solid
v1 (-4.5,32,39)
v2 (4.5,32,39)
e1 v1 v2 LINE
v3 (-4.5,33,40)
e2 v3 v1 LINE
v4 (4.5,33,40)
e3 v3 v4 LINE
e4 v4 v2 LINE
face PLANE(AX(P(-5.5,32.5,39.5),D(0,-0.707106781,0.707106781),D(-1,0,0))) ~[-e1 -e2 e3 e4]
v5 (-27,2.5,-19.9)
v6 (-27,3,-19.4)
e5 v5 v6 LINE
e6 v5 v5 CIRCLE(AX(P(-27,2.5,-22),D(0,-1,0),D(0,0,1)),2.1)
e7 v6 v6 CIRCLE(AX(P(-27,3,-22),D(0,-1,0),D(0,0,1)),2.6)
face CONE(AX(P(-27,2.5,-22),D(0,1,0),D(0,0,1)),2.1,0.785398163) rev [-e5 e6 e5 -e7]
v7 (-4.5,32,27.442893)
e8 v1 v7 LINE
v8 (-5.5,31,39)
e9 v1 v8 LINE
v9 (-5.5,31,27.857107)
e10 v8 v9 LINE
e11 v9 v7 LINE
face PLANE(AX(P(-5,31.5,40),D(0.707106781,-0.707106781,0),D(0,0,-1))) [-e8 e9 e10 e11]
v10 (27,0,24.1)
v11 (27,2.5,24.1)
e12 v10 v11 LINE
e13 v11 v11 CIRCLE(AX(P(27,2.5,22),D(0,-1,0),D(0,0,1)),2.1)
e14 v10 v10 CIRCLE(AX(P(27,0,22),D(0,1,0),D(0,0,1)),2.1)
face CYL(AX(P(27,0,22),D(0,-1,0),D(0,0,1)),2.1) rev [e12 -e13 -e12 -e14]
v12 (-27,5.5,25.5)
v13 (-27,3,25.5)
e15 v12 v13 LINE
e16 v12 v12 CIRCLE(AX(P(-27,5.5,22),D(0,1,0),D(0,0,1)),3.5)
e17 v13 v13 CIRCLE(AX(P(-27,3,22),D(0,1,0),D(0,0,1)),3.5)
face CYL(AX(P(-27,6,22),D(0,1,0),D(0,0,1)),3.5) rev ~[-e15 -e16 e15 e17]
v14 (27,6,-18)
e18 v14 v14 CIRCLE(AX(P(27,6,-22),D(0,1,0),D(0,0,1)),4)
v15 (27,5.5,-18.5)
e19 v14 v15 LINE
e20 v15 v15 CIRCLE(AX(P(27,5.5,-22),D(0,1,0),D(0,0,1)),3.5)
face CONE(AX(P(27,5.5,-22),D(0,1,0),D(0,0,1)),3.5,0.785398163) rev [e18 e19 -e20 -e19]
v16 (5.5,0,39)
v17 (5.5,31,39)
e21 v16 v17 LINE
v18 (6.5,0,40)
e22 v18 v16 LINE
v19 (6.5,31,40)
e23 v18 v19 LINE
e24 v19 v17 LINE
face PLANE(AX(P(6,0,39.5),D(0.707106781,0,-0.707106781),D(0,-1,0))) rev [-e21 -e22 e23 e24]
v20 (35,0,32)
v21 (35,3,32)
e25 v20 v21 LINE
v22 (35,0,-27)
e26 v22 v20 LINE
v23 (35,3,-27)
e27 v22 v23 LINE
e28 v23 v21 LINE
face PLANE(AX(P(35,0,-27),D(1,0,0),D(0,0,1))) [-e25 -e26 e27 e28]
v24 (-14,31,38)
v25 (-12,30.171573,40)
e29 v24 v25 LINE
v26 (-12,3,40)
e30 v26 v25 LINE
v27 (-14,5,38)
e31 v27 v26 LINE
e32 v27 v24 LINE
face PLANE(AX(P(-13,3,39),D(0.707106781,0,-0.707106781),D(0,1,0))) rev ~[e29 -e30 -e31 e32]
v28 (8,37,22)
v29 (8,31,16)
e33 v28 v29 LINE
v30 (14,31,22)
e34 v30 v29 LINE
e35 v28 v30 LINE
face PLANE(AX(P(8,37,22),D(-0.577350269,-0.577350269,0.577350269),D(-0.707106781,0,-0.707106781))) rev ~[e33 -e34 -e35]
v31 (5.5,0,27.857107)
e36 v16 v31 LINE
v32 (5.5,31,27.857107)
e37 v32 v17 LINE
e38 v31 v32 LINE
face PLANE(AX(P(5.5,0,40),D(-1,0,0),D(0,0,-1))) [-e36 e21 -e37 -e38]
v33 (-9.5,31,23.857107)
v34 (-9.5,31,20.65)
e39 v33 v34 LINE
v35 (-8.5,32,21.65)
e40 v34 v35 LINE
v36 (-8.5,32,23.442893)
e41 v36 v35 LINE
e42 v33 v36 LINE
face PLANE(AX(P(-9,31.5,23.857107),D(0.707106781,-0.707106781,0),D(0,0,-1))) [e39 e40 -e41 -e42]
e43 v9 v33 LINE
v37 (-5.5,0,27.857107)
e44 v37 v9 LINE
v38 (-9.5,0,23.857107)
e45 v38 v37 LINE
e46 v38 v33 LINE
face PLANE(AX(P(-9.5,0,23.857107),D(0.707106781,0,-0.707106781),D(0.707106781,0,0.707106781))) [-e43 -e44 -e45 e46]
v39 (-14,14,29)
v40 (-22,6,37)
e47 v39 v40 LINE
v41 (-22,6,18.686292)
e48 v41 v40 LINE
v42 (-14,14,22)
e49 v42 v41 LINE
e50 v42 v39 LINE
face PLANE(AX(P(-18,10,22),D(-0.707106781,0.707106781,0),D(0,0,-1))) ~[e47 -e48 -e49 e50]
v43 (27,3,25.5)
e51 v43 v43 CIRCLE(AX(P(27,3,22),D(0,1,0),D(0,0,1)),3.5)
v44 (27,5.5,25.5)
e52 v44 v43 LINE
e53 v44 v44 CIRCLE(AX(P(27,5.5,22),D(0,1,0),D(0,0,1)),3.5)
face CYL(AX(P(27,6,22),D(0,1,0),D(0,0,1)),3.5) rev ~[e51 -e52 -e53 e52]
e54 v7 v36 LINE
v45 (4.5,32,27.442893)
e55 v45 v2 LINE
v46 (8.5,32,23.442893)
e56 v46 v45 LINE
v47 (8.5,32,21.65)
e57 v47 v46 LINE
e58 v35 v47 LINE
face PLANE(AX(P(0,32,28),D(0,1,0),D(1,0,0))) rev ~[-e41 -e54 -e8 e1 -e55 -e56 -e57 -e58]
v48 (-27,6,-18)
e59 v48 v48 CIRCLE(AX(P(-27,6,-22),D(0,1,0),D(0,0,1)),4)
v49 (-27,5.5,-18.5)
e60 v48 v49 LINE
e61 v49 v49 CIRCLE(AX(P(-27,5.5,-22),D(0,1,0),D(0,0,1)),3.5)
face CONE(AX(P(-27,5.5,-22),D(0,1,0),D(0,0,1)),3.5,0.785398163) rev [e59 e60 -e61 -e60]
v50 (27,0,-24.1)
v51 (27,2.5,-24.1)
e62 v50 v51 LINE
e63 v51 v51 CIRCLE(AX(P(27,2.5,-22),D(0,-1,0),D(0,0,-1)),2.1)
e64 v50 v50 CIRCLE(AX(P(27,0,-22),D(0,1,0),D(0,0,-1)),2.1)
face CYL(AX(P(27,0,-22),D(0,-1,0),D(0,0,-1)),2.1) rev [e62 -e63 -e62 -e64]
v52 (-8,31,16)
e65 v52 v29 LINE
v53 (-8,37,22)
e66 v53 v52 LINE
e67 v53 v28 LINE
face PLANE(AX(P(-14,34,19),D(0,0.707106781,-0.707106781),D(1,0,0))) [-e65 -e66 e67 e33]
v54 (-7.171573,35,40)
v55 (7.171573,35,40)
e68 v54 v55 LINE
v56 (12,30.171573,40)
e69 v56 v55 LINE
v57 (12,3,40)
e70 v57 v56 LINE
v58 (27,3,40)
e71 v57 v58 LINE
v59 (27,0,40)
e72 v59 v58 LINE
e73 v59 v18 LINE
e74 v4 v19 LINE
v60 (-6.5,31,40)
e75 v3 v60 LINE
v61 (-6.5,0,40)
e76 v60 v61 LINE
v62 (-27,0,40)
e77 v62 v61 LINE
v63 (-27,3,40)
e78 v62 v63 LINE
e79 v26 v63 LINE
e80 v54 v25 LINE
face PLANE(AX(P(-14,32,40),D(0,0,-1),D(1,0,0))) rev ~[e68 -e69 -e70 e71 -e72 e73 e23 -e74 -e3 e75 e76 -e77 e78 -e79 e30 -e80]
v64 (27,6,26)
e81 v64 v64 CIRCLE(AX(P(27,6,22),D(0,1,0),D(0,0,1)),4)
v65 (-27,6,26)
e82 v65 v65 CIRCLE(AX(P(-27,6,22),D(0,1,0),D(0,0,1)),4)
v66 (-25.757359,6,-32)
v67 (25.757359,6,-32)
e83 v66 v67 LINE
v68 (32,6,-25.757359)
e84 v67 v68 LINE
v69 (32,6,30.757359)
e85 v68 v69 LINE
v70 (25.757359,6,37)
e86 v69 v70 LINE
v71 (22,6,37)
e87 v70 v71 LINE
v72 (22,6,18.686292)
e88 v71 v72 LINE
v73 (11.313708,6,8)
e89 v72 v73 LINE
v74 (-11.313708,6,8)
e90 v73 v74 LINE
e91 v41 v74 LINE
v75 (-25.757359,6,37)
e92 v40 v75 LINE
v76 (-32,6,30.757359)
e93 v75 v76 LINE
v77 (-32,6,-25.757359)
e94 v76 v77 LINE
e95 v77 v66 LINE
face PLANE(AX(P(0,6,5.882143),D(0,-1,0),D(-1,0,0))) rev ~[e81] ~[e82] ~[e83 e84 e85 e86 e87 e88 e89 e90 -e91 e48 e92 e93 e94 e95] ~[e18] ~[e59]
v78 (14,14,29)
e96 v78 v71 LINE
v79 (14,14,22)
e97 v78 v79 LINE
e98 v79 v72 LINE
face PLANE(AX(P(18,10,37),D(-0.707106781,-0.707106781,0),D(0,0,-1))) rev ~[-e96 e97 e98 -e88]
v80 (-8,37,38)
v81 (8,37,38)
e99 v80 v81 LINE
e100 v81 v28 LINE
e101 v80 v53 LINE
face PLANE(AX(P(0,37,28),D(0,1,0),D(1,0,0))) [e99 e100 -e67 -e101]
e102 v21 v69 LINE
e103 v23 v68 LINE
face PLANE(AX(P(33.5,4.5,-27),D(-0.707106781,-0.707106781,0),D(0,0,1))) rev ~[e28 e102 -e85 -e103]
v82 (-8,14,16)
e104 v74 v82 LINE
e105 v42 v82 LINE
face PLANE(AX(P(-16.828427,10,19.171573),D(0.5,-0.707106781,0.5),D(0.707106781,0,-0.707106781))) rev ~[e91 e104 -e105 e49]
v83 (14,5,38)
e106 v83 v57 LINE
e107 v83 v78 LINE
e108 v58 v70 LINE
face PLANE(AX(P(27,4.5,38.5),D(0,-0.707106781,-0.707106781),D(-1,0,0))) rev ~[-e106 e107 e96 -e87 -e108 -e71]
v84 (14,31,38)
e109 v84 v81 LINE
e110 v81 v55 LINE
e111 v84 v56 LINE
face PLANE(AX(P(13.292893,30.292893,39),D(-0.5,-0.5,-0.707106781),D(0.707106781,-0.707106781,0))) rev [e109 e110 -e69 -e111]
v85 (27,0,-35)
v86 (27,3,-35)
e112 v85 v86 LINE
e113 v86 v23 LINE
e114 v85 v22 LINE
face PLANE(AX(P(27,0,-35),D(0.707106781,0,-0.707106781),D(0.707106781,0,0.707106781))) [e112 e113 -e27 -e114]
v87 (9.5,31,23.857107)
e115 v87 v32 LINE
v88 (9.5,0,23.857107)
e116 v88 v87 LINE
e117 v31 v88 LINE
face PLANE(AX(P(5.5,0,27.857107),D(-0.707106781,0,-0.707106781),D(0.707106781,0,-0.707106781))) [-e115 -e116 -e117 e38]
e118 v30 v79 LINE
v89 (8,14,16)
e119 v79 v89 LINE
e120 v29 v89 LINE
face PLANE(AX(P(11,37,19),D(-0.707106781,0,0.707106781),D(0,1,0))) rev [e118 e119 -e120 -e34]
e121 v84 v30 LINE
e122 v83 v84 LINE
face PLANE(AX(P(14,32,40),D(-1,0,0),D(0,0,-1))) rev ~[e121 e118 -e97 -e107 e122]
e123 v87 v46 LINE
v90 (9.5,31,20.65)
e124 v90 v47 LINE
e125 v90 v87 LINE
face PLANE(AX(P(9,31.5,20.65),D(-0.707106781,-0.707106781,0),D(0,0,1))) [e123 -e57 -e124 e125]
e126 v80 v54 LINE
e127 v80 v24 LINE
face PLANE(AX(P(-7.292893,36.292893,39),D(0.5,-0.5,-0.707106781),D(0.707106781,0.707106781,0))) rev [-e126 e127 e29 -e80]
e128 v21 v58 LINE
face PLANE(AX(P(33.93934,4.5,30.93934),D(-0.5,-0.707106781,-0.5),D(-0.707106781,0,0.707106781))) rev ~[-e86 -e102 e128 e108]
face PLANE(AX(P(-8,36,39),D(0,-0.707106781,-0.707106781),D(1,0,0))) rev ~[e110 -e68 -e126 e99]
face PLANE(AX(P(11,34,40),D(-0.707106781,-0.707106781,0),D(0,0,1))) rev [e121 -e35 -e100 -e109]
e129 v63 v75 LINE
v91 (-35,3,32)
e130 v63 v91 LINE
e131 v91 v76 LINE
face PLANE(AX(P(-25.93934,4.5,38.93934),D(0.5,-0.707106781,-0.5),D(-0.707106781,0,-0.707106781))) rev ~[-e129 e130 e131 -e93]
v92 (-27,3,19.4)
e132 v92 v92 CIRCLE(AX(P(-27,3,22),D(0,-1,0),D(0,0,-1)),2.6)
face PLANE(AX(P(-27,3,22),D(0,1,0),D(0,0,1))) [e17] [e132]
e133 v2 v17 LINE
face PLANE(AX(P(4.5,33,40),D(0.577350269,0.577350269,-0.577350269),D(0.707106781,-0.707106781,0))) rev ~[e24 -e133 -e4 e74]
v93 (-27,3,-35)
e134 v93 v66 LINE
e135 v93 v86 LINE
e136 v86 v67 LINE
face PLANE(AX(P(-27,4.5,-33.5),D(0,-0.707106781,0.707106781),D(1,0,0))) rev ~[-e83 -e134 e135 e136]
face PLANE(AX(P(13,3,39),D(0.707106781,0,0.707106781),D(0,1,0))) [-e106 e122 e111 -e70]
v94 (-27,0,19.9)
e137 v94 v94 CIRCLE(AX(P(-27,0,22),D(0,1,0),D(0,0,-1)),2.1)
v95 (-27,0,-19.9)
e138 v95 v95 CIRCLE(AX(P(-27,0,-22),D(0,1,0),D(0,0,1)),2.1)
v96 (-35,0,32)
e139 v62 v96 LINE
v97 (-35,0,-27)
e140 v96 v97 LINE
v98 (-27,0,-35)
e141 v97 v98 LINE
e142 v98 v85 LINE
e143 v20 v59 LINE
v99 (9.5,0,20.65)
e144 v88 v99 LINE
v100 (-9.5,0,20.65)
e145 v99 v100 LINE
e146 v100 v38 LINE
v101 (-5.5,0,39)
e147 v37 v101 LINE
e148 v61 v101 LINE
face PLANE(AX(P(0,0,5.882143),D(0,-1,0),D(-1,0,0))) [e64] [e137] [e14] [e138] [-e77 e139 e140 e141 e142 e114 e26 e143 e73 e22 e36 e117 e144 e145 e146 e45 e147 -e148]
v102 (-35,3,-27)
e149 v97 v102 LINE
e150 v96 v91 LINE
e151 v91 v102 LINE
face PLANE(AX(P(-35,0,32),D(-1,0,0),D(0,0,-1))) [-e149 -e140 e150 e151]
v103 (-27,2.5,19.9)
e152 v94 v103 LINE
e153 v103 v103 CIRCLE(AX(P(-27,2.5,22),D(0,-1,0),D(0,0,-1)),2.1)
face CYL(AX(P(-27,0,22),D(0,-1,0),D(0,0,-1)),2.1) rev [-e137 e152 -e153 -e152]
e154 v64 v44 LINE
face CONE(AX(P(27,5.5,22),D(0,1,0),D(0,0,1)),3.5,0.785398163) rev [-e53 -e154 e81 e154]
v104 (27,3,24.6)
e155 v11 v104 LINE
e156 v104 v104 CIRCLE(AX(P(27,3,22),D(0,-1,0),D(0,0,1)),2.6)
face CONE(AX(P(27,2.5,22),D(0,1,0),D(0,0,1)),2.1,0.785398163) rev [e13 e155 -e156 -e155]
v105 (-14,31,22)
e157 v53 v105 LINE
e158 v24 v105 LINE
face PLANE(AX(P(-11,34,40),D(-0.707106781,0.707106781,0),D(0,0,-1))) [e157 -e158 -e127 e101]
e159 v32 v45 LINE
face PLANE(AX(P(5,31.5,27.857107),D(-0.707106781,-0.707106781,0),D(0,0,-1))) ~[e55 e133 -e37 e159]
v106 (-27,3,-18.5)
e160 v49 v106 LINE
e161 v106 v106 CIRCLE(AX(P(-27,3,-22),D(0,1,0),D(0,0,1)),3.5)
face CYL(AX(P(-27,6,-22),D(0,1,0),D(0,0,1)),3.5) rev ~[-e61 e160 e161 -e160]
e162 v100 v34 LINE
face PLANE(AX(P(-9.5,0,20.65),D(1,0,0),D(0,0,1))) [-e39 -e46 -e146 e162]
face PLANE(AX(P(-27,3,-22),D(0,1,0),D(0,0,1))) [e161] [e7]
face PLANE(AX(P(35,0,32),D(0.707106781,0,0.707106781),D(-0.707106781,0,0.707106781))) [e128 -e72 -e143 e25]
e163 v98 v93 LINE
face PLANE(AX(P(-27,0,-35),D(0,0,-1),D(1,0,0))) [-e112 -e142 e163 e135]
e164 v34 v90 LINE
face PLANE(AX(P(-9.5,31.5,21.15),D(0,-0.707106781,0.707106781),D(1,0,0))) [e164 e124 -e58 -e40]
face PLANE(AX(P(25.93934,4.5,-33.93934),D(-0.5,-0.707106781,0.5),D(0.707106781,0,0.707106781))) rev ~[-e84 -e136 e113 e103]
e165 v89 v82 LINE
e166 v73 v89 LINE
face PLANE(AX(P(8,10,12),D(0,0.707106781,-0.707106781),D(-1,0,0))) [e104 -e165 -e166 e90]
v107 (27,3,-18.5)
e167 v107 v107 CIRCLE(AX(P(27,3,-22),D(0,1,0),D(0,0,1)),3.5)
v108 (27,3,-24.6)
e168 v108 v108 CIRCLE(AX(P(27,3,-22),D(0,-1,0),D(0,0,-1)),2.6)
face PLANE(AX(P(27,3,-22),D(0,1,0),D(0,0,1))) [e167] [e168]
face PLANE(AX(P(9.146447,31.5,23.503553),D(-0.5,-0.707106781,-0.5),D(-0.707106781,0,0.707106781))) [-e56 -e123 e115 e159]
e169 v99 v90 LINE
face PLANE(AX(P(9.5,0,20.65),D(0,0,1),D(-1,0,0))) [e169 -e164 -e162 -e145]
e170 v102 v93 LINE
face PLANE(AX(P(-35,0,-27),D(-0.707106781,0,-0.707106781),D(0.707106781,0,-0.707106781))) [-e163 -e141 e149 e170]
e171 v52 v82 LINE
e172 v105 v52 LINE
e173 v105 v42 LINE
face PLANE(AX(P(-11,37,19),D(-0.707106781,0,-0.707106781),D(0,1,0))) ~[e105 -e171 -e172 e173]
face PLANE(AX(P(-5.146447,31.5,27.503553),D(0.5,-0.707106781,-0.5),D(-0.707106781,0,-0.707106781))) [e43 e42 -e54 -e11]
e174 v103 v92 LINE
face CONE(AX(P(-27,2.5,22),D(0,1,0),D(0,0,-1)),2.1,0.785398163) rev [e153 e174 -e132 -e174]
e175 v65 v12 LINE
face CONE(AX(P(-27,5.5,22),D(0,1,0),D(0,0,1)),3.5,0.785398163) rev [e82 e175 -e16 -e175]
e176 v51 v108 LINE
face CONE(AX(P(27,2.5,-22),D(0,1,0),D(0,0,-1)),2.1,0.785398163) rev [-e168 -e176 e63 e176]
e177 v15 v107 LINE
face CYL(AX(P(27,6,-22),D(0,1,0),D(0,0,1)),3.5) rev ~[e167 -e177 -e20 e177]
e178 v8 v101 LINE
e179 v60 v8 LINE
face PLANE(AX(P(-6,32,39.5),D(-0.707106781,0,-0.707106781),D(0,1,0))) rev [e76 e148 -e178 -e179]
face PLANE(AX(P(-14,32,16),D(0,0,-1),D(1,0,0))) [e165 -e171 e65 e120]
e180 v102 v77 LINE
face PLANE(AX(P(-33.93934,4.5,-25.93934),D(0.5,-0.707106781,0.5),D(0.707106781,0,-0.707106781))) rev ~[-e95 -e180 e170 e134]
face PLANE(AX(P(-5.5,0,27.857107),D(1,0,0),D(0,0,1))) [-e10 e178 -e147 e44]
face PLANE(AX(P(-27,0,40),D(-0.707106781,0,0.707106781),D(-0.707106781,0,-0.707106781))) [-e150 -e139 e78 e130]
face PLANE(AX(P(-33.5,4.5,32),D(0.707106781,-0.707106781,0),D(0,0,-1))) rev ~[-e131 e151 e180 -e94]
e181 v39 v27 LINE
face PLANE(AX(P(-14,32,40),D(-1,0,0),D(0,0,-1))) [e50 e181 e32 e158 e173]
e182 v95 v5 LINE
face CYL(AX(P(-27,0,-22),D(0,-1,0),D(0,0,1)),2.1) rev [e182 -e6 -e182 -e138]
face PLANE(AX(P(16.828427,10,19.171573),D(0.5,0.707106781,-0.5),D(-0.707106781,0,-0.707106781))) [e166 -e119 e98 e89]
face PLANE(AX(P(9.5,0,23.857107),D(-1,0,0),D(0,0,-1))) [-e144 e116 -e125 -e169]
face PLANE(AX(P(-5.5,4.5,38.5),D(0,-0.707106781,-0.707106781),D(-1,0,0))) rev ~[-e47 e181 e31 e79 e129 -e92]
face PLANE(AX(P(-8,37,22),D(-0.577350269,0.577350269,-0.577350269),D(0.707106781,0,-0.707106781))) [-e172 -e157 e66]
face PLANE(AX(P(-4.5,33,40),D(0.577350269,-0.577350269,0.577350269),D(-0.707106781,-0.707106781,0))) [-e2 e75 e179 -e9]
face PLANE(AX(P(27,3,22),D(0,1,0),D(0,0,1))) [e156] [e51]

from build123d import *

# Parameters (mm, degrees)
SKETCH1_R                          = 2.1
MAIN_CAP_EXTRUDE_DEPTH             = 6
MAIN_BODY_CHAMFER_SIZE             = 3
SKETCH4_R                          = 3.5
HOLE_COUNTERSINK_CUT_DEPTH         = 3
HOLE_COUNTERSINK_CHAMFER_SIZE      = 0.5
MAIN_PINION_CHIMNEY_EXTRUDE_DEPTH  = 32
SKETCH3_W                          = 28
SKETCH3_H                          = 24
PINION_CHIMNEY_CAP_EXTRUDE_DEPTH   = 5
INTERNAL_CHIMNEY_CHAMFER_SIZE      = 1
MAIN_CHIMNEY_EXTERNAL_CHAMFER_SIZE = 6
CHIMNEY_PLATE_CHAMFER_SIZE         = 8
CHIMNEY_FRONT_CHAMFER_SIZE         = 2


with BuildPart() as part:
    # Sketch1 → Main Cap Extrude (new body)
    with BuildSketch(Plane(origin=(0, 0, 0), x_dir=(1, 0, 0), z_dir=(0, 1, 0))):
        Polygon((-35, 27), (-27, 35), (27, 35), (35, 27), (35, -32), (27, -40), (5.5, -40), (5.5, -27.857106781), (9.5, -23.857106781), (9.5, -20.65), (-9.5, -20.65), (-9.5, -23.857106781), (-5.5, -27.857106781), (-5.5, -40), (-27, -40), (-35, -32), align=None)
        with Locations(Location((-27, 22, 0), (0, 0, 270))):
            Circle(SKETCH1_R, mode=Mode.SUBTRACT)
        with Locations(Location((27, 22, 0), (0, 0, 90))):
            Circle(SKETCH1_R, mode=Mode.SUBTRACT)
        with Locations(Location((27, -22, 0), (0, 0, 270))):
            Circle(SKETCH1_R, mode=Mode.SUBTRACT)
        with Locations(Location((-27, -22, 0), (0, 0, 90))):
            Circle(SKETCH1_R, mode=Mode.SUBTRACT)
    extrude(amount=MAIN_CAP_EXTRUDE_DEPTH)

    # Main Body Chamfer
    main_body_chamfer_edges = [part.edges().sort_by_distance(p)[0] for p in [
        (-31, 6, -31),
        (-35, 6, 2.5),
        (-31, 6, 36),
        (-16.25, 6, 40),
        (31, 6, -31),
        (16.25, 6, 40),
        (31, 6, 36),
        (35, 6, 2.5),
        (0, 6, -35),
    ]]
    chamfer(main_body_chamfer_edges, length=MAIN_BODY_CHAMFER_SIZE)

    # Sketch4 → Hole Countersink Cut (cut)
    with BuildSketch(Plane(origin=(0, 6, 0), x_dir=(1, 0, 0), z_dir=(0, 1, 0))):
        with Locations(Location((-27, 22, 0), (0, 0, 270))):
            Circle(SKETCH4_R)
        with Locations(Location((-27, -22, 0), (0, 0, 270))):
            Circle(SKETCH4_R)
        with Locations(Location((27, -22, 0), (0, 0, 270))):
            Circle(SKETCH4_R)
        with Locations(Location((27, 22, 0), (0, 0, 270))):
            Circle(SKETCH4_R)
    extrude(amount=-HOLE_COUNTERSINK_CUT_DEPTH, mode=Mode.SUBTRACT)

    # Hole Countersink Chamfer
    hole_countersink_chamfer_edges = [part.edges().sort_by_distance(p)[0] for p in [
        (27, 3, -19.9),
        (27, 6, -25.5),
        (27, 3, 19.9),
        (27, 6, 18.5),
        (-27, 3, 24.1),
        (-27, 6, 18.5),
        (-27, 3, -24.1),
        (-27, 6, -25.5),
    ]]
    chamfer(hole_countersink_chamfer_edges, length=HOLE_COUNTERSINK_CHAMFER_SIZE)

    # Sketch2 → Main Pinion Chimney Extrude (add)
    with BuildSketch(Plane(origin=(0, 0, 0), x_dir=(1, 0, 0), z_dir=(0, 1, 0))):
        Polygon((5.5, -27.857106781), (5.5, -40), (14, -40), (14, -16), (-14, -16), (-14, -40), (-5.5, -40), (-5.5, -27.857106781), (-9.5, -23.857106781), (-9.5, -20.65), (9.5, -20.65), (9.5, -23.857106781), align=None)
    extrude(amount=MAIN_PINION_CHIMNEY_EXTRUDE_DEPTH)

    # Sketch3 → Pinion Chimney Cap Extrude (add)
    with BuildSketch(Plane(origin=(0, 32, 0), x_dir=(1, 0, 0), z_dir=(0, 1, 0))):
        with Locations((0, -28)):
            Rectangle(SKETCH3_W, SKETCH3_H)
    extrude(amount=PINION_CHIMNEY_CAP_EXTRUDE_DEPTH)

    # Internal Chimney Chamfer
    internal_chimney_chamfer_edges = [part.edges().sort_by_distance(p)[0] for p in [
        (9.5, 32, 22.253553391),
        (7.5, 32, 25.857106781),
        (5.5, 32, 33.928553391),
        (-5.5, 32, 33.928553391),
        (-7.5, 32, 25.857106781),
        (-9.5, 32, 22.253553391),
        (0, 32, 20.65),
        (0, 32, 40),
        (-5.5, 16, 40),
        (5.5, 16, 40),
    ]]
    chamfer(internal_chimney_chamfer_edges, length=INTERNAL_CHIMNEY_CHAMFER_SIZE)

    # Main Chimney External Chamfer
    main_chimney_external_chamfer_edges = [part.edges().sort_by_distance(p)[0] for p in [
        (14, 21.5, 16),
        (-14, 21.5, 16),
        (-14, 37, 28),
        (14, 37, 28),
        (0, 37, 16),
    ]]
    chamfer(main_chimney_external_chamfer_edges, length=MAIN_CHIMNEY_EXTERNAL_CHAMFER_SIZE)

    # Chimney Plate Chamfer
    chimney_plate_chamfer_edges = [part.edges().sort_by_distance(p)[0] for p in [
        (-14, 6, 29.5),
        (0, 6, 16),
        (14, 6, 29.5),
        (11, 6, 19),
        (-11, 6, 19),
    ]]
    chamfer(chimney_plate_chamfer_edges, length=CHIMNEY_PLATE_CHAMFER_SIZE)

    # Chimney Front Chamfer
    chimney_front_chamfer_edges = [part.edges().sort_by_distance(p)[0] for p in [
        (14, 17, 40),
        (-14, 17, 40),
        (0, 37, 40),
        (11, 34, 40),
        (-11, 34, 40),
    ]]
    chamfer(chimney_front_chamfer_edges, length=CHIMNEY_FRONT_CHAMFER_SIZE)


solid = part.part
